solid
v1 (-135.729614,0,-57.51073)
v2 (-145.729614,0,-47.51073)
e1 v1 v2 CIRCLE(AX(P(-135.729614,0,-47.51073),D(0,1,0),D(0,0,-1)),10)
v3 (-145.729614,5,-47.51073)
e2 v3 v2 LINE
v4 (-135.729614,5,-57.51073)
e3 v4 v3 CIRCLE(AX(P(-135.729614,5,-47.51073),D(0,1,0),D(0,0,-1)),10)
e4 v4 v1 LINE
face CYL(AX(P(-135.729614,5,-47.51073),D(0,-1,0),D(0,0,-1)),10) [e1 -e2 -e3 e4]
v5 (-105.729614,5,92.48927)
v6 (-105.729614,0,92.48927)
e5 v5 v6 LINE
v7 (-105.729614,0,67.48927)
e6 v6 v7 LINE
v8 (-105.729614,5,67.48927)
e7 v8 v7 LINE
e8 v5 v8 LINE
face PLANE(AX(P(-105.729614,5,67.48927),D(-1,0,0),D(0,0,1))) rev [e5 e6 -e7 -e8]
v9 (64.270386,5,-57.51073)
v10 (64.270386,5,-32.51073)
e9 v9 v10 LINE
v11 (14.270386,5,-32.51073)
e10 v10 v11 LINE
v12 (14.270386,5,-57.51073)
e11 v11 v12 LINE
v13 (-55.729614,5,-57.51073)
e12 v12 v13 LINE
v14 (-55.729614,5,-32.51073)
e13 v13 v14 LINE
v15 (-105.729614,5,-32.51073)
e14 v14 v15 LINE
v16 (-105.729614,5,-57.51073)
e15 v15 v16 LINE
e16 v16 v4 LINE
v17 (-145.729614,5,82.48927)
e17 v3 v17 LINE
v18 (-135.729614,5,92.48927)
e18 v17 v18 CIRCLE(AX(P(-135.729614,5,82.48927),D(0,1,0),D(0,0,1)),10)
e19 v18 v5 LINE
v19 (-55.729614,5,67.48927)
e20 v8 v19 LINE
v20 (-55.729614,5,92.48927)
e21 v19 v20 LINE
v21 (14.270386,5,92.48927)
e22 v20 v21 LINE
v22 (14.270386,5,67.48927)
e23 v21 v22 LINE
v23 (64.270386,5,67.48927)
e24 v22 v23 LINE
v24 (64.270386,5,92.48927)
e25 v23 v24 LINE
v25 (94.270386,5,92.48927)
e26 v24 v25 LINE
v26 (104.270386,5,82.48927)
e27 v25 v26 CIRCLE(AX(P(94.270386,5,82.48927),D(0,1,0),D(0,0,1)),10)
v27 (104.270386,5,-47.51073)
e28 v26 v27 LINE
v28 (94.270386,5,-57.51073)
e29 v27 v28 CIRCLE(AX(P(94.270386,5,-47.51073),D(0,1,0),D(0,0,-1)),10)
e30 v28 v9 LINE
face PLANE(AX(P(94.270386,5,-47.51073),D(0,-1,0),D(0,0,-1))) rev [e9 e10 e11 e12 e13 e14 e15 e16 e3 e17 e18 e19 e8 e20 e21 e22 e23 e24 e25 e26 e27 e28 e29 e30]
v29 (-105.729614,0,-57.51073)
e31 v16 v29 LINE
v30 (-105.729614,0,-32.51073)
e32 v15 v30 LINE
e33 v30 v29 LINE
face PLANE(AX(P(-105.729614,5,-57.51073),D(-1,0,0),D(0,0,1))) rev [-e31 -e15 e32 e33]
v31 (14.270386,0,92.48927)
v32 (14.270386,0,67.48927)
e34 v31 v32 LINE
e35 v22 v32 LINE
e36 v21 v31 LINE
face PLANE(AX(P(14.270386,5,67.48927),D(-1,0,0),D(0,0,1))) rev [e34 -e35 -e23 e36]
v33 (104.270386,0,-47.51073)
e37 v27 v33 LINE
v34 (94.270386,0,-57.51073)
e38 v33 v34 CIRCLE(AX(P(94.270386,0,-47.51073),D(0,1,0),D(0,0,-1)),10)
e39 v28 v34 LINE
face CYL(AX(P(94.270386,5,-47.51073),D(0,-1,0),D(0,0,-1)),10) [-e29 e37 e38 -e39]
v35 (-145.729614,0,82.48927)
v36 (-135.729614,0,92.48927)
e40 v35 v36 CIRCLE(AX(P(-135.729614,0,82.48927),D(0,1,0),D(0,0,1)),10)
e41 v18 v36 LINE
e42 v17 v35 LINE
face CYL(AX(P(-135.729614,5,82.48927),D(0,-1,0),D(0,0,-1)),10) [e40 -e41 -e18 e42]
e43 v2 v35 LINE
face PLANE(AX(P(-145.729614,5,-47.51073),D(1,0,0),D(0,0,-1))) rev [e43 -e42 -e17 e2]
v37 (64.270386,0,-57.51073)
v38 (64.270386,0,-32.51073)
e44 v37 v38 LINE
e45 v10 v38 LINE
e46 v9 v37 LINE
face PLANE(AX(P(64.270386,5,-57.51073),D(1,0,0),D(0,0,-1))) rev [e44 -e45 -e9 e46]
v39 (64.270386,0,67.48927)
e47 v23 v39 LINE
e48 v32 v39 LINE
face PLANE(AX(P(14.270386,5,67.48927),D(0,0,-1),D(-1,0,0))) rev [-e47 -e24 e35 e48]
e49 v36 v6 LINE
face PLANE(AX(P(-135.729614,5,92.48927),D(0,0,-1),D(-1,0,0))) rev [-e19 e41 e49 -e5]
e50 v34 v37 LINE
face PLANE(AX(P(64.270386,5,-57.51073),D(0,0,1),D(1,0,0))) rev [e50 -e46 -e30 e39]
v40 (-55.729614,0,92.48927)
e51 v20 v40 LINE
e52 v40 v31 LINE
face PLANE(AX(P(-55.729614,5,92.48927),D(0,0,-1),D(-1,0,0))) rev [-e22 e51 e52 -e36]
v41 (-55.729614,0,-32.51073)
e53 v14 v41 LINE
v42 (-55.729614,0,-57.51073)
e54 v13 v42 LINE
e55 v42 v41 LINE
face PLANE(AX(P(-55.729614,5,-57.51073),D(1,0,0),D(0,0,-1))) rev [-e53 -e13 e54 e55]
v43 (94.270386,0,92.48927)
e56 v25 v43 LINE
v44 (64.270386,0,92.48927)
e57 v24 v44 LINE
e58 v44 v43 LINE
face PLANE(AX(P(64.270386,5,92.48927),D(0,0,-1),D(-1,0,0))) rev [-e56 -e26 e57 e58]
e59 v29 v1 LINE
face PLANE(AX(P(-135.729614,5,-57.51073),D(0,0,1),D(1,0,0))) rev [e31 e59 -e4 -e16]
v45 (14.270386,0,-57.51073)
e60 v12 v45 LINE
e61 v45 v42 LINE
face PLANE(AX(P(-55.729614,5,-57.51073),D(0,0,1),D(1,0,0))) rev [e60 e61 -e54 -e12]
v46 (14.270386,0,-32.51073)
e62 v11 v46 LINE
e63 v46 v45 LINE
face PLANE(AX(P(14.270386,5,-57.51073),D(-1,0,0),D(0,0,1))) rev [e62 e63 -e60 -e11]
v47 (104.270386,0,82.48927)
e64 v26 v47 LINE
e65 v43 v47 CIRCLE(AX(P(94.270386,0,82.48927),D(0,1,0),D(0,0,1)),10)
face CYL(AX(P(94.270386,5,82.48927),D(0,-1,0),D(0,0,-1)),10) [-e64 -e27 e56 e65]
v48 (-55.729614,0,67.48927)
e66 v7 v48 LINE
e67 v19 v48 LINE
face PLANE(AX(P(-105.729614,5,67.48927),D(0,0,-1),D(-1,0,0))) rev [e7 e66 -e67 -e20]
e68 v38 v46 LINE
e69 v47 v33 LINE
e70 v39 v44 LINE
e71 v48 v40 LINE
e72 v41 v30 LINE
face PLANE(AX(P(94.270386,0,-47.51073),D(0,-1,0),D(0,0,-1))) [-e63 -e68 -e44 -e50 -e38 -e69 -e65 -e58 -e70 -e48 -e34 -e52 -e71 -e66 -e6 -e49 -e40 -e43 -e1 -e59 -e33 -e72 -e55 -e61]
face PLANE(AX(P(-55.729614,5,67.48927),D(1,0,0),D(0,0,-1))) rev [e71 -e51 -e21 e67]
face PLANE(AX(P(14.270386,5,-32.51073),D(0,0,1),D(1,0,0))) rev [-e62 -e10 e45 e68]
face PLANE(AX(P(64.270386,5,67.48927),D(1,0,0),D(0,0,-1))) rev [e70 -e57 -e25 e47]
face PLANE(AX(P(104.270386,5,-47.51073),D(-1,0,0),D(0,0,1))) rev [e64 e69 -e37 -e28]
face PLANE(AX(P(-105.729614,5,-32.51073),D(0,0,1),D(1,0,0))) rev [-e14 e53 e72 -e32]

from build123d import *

# Parameters (mm, degrees)
BOSS_EXTRUDE1_DEPTH = 5


with BuildPart() as part:
    # Sketch1 → Boss-Extrude1 (new body)
    with BuildSketch(Plane(origin=(0, 0, 0), x_dir=(1, 0, 0), z_dir=(0, 1, 0))):
        with BuildLine():
            Line((64.270386266, 57.510729614), (94.270386266, 57.510729614))
            ThreePointArc((94.270386266, 57.510729614), (101.341454078, 54.581797426), (104.270386266, 47.510729614))
            Line((104.270386266, 47.510729614), (104.270386266, -82.489270386))
            ThreePointArc((104.270386266, -82.489270386), (101.341454078, -89.560338198), (94.270386266, -92.489270386))
            Line((94.270386266, -92.489270386), (64.270386266, -92.489270386))
            Line((64.270386266, -92.489270386), (64.270386266, -67.489270386))
            Line((64.270386266, -67.489270386), (14.270386266, -67.489270386))
            Line((14.270386266, -67.489270386), (14.270386266, -92.489270386))
            Line((14.270386266, -92.489270386), (-55.729613734, -92.489270386))
            Line((-55.729613734, -92.489270386), (-55.729613734, -67.489270386))
            Line((-55.729613734, -67.489270386), (-105.729613734, -67.489270386))
            Line((-105.729613734, -67.489270386), (-105.729613734, -92.489270386))
            Line((-105.729613734, -92.489270386), (-135.729613734, -92.489270386))
            ThreePointArc((-135.729613734, -92.489270386), (-142.800681546, -89.560338198), (-145.729613734, -82.489270386))
            Line((-145.729613734, -82.489270386), (-145.729613734, 47.510729614))
            ThreePointArc((-145.729613734, 47.510729614), (-142.800681546, 54.581797426), (-135.729613734, 57.510729614))
            Line((-135.729613734, 57.510729614), (-105.729613734, 57.510729614))
            Line((-105.729613734, 57.510729614), (-105.729613734, 32.510729614))
            Line((-105.729613734, 32.510729614), (-55.729613734, 32.510729614))
            Line((-55.729613734, 32.510729614), (-55.729613734, 57.510729614))
            Line((-55.729613734, 57.510729614), (14.270386266, 57.510729614))
            Line((14.270386266, 57.510729614), (14.270386266, 32.510729614))
            Line((14.270386266, 32.510729614), (64.270386266, 32.510729614))
            Line((64.270386266, 32.510729614), (64.270386266, 57.510729614))
        make_face()
    extrude(amount=BOSS_EXTRUDE1_DEPTH)


solid = part.part
